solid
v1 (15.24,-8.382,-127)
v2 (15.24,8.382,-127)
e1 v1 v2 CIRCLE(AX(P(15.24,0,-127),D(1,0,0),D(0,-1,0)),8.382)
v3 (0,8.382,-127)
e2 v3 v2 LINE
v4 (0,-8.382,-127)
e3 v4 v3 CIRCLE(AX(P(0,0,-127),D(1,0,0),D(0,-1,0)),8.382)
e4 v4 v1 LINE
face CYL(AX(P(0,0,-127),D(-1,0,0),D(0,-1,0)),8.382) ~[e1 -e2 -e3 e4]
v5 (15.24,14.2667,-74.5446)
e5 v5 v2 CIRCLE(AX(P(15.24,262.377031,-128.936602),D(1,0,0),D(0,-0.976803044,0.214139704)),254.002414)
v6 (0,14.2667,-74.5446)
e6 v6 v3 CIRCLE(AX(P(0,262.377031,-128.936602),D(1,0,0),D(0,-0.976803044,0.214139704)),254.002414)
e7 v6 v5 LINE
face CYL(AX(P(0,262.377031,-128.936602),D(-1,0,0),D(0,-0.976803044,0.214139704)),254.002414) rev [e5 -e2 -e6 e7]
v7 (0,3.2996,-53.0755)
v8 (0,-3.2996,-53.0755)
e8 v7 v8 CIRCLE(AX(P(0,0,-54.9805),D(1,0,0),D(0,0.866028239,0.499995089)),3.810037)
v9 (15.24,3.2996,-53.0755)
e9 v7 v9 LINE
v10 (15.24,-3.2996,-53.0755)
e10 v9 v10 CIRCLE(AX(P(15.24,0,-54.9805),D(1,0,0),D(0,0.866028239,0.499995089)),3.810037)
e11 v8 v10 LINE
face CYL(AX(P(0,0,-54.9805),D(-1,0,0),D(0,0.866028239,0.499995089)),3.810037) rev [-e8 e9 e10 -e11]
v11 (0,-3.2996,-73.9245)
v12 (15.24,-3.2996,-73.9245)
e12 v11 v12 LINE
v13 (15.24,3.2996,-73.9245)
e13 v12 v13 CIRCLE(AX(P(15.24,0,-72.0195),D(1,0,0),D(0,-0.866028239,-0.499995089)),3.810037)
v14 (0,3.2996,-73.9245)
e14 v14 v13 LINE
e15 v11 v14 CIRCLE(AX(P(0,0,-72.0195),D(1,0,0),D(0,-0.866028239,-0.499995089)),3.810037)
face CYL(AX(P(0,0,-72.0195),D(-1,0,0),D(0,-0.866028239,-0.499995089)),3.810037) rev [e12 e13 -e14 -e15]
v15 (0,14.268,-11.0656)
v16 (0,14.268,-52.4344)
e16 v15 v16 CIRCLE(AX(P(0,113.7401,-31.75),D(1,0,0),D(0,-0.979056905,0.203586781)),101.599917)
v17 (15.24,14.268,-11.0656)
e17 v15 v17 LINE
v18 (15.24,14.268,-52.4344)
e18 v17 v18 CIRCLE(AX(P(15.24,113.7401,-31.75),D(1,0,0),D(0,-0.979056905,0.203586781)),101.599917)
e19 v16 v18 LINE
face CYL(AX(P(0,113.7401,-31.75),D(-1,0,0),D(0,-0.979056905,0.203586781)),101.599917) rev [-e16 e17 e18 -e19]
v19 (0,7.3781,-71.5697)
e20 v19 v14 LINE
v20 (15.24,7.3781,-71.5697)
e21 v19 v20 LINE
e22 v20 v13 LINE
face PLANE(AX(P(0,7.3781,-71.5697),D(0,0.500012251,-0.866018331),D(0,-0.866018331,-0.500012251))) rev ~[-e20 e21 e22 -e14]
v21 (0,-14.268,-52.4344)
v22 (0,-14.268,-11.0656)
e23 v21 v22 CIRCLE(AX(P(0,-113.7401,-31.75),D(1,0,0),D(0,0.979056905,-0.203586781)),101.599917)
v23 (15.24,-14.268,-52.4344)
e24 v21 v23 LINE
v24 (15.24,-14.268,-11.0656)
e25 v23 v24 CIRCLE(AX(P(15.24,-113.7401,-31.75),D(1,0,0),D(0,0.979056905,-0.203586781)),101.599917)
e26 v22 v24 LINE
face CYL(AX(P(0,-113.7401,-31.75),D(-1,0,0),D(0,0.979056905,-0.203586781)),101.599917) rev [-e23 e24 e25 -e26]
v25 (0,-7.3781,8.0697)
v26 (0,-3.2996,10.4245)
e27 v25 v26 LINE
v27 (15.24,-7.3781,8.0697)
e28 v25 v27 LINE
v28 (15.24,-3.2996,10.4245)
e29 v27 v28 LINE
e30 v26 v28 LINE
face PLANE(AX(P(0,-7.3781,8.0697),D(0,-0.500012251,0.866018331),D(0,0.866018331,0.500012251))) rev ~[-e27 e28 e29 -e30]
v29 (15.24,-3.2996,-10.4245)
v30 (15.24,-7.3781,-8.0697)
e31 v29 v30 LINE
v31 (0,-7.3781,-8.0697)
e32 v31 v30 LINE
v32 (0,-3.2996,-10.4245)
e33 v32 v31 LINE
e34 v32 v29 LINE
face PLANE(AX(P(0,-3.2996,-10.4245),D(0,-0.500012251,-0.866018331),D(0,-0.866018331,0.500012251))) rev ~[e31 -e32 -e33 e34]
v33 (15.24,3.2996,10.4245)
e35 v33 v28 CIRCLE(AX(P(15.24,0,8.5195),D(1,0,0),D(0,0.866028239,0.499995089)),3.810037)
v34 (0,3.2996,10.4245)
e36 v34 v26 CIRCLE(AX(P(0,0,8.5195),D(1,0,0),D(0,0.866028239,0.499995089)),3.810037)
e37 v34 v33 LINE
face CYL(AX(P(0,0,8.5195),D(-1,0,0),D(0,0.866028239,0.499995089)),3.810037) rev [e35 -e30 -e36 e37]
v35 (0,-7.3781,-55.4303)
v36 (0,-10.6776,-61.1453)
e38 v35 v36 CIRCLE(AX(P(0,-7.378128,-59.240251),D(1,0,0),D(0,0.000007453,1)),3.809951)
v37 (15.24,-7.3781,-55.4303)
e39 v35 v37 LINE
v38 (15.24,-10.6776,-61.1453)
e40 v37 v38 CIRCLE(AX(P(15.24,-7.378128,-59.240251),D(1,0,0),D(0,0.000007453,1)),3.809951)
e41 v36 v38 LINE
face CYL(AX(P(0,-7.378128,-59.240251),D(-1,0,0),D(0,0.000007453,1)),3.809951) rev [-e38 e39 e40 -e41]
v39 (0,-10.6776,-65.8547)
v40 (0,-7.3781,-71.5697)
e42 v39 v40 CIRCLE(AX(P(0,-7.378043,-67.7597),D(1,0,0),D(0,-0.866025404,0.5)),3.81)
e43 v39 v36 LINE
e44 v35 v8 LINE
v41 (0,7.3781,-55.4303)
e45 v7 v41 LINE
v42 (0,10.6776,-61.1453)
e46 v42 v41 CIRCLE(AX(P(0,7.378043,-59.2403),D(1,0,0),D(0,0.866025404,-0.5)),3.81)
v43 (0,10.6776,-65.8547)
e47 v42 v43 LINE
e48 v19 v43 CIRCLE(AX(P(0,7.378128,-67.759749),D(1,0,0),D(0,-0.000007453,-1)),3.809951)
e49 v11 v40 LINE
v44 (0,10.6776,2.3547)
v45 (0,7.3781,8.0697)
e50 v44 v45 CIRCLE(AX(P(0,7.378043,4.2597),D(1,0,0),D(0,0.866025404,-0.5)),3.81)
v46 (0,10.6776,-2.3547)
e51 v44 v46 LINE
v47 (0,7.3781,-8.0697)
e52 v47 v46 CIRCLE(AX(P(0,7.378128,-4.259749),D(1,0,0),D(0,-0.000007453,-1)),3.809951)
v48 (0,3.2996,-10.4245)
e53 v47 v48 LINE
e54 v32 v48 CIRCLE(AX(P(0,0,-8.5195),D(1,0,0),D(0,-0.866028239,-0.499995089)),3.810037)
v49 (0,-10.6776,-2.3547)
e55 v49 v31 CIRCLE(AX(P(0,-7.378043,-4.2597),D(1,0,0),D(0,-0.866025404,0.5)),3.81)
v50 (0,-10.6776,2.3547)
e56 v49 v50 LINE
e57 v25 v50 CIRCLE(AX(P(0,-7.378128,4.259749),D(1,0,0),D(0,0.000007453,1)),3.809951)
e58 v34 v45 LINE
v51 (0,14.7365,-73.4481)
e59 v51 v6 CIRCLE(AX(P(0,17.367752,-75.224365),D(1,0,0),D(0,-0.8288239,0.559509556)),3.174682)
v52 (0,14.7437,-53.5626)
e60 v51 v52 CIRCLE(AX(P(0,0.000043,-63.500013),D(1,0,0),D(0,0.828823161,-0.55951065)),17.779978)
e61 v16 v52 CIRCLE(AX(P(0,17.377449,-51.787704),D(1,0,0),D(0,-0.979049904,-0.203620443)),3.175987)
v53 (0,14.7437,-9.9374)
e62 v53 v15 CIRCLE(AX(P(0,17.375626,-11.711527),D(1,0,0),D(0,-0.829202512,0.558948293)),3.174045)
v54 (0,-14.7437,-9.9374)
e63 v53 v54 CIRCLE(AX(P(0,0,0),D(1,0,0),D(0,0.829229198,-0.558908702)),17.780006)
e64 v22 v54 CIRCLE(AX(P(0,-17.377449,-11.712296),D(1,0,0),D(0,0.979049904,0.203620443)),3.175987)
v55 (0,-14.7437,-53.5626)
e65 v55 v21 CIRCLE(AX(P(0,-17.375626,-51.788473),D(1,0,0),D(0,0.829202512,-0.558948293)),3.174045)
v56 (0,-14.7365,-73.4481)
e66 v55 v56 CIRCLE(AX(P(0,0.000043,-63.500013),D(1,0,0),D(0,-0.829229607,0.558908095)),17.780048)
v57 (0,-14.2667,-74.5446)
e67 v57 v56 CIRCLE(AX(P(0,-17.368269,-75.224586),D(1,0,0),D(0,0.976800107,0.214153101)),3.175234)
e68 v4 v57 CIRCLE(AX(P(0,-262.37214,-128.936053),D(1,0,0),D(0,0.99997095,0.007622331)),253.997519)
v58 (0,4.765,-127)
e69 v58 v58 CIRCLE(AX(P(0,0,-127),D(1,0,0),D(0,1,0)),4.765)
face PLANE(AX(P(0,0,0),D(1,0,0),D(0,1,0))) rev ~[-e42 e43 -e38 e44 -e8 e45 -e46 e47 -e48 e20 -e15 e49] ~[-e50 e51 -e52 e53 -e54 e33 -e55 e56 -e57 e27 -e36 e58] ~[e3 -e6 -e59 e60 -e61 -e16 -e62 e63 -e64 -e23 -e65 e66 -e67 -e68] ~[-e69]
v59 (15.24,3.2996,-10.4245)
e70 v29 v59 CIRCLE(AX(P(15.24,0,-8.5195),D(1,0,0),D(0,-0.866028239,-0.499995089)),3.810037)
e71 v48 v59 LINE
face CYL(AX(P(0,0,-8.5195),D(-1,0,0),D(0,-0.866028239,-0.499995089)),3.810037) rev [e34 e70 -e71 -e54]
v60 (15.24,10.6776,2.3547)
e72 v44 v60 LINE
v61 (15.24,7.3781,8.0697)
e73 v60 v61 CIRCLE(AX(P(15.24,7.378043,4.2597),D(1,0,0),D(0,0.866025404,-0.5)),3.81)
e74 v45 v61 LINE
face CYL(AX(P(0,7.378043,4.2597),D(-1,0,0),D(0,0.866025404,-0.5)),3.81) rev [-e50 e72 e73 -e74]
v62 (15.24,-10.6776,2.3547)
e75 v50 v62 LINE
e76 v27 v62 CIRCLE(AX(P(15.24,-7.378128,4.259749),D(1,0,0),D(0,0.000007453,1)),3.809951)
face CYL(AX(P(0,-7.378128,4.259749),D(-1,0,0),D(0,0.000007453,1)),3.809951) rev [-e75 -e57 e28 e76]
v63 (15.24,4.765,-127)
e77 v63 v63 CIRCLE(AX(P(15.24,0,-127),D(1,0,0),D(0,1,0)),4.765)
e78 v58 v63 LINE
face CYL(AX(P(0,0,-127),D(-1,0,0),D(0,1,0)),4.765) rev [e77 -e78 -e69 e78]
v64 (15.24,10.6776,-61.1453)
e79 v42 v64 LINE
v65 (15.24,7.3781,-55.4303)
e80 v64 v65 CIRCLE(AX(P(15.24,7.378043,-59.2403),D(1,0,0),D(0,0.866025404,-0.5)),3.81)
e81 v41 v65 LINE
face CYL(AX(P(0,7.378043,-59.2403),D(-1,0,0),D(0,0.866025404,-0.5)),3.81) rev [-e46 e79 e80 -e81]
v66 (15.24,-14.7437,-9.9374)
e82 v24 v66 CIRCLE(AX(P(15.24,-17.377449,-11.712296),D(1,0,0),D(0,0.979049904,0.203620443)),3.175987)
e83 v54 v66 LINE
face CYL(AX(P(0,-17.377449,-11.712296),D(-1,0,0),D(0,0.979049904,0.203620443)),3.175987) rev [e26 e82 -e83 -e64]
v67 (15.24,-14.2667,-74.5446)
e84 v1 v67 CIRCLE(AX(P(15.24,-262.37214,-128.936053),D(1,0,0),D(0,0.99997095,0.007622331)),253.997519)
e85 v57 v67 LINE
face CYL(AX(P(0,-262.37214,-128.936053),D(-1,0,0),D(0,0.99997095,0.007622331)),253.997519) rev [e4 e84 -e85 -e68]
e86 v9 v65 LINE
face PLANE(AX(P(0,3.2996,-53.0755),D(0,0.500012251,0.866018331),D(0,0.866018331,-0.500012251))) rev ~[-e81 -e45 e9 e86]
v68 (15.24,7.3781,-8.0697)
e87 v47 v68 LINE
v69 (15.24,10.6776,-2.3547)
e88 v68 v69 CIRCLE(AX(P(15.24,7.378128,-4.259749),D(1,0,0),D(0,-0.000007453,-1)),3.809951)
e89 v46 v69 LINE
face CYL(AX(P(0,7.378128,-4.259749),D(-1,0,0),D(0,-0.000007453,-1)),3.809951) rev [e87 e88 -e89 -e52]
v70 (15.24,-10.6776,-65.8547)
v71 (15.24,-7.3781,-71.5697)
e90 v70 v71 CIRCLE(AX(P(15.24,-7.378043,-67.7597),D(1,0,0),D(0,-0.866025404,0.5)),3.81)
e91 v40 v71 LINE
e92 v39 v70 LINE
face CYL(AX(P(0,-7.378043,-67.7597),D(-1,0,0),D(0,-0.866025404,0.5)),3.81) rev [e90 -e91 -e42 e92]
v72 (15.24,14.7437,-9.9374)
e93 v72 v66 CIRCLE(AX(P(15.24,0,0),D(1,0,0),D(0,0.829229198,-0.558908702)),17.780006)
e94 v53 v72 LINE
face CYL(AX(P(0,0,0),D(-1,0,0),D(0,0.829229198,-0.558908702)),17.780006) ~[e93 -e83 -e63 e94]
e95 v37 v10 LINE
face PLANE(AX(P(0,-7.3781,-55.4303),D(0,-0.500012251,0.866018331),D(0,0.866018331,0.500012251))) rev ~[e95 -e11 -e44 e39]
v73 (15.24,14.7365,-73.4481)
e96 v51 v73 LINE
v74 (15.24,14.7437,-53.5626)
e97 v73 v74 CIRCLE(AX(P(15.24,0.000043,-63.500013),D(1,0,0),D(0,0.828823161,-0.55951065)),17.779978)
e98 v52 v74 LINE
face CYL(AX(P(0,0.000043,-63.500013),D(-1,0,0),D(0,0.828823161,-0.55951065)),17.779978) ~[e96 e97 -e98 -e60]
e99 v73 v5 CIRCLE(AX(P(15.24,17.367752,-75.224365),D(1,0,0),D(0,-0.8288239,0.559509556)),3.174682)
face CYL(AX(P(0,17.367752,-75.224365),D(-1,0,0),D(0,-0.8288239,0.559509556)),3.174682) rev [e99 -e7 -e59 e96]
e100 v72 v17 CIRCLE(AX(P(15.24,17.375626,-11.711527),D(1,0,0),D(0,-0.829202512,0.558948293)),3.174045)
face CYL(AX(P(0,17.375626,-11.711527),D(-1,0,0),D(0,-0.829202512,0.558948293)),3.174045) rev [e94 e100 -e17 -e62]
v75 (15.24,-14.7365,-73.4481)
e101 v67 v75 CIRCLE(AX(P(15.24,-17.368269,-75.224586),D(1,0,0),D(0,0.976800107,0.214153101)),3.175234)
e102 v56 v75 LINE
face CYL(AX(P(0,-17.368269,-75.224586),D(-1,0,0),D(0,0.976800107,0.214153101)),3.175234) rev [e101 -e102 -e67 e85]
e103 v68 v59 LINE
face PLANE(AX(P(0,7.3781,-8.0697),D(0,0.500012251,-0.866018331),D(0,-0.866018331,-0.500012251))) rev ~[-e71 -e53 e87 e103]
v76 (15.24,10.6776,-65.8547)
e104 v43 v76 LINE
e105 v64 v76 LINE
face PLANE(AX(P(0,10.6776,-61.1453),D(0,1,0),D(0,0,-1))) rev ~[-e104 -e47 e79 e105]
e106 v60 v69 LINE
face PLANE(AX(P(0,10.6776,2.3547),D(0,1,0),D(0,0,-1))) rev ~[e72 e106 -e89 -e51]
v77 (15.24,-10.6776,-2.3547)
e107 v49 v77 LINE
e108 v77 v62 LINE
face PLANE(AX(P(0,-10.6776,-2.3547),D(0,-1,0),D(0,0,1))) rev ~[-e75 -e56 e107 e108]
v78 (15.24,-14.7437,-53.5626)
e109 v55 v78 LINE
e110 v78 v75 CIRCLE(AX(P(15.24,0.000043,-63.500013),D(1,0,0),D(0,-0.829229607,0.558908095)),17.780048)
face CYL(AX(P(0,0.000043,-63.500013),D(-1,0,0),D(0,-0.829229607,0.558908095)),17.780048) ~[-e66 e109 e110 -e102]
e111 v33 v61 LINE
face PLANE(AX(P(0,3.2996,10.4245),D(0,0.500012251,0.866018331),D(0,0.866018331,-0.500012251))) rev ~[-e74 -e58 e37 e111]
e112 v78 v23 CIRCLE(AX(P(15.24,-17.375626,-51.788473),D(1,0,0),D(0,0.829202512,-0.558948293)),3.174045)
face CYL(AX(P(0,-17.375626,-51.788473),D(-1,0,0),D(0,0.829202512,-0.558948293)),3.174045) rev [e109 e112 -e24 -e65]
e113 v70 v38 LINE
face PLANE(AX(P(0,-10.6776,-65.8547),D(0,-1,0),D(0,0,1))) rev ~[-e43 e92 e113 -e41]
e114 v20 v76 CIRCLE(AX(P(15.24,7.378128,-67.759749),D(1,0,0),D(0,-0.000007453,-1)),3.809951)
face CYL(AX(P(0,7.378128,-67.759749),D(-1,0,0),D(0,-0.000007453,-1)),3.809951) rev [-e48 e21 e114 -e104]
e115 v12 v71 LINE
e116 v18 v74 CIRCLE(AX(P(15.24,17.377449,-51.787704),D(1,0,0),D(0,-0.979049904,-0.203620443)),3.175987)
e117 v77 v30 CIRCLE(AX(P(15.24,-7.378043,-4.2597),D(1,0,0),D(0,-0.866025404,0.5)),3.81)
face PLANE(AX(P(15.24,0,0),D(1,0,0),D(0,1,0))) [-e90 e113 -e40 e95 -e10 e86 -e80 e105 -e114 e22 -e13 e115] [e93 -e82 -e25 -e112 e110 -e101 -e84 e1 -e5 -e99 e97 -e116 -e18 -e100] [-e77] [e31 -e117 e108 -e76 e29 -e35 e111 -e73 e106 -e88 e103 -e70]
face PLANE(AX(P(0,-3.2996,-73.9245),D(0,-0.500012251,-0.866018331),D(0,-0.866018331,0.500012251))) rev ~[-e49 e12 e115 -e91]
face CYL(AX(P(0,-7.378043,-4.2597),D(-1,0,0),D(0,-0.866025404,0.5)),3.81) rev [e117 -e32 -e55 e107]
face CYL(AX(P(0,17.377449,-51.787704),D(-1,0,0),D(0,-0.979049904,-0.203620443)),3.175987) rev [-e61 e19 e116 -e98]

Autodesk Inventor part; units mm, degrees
ref_plane "YZ Plane" through (0, 0, 0) normal (1, 0, 0) x (0, 1, 0)
ref_plane "XZ Plane" through (0, 0, 0) normal (0, 1, 0) x (-1, 0, 0)
ref_plane "XY Plane" through (0, 0, 0) normal (0, 0, 1) x (1, 0, 0)
sketch "Sketch1" plane through (0, 0, 0) normal (1, 0, 0) x (0, 1, 0)
  arc A0 (14.7437, -9.9374) -> (-14.7437, -9.9374) centre (0, 0) ccw
  arc A1 (-8.382, -127) -> (8.382, -127) centre (0, -127) ccw
  line L0 (-3.2996, -10.4245) -> (-7.3781, -8.0697)
  line L1 (-10.6776, -2.3547) -> (-10.6776, 2.3547)
  line L2 (-7.3781, 8.0697) -> (-3.2996, 10.4245)
  line L3 (3.2996, 10.4245) -> (7.3781, 8.0697)
  line L4 (10.6776, 2.3547) -> (10.6776, -2.3547)
  line L5 (7.3781, -8.0697) -> (3.2996, -10.4245)
  arc A2 (10.6776, 2.3547) -> (7.3781, 8.0697) centre (7.3781, 4.2597) ccw
  arc A3 (7.3781, -8.0697) -> (10.6776, -2.3547) centre (7.3781, -4.2597) ccw
  arc A4 (3.2996, 10.4245) -> (-3.2996, 10.4245) centre (0, 8.5195) ccw
  arc A5 (-7.3781, 8.0697) -> (-10.6776, 2.3547) centre (-7.3781, 4.2597) ccw
  arc A6 (-10.6776, -2.3547) -> (-7.3781, -8.0697) centre (-7.3781, -4.2597) ccw
  arc A7 (-3.2996, -10.4245) -> (3.2996, -10.4245) centre (0, -8.5195) ccw
  line L6 (-3.2996, -73.9245) -> (-7.3781, -71.5697)
  line L7 (-10.6776, -65.8547) -> (-10.6776, -61.1453)
  line L8 (-7.3781, -55.4303) -> (-3.2996, -53.0755)
  line L9 (3.2996, -53.0755) -> (7.3781, -55.4303)
  line L10 (10.6776, -61.1453) -> (10.6776, -65.8547)
  line L11 (7.3781, -71.5697) -> (3.2996, -73.9245)
  arc A8 (10.6776, -61.1453) -> (7.3781, -55.4303) centre (7.3781, -59.2403) ccw
  arc A9 (7.3781, -71.5697) -> (10.6776, -65.8547) centre (7.3781, -67.7597) ccw
  arc A10 (3.2996, -53.0755) -> (-3.2996, -53.0755) centre (0, -54.9805) ccw
  arc A11 (-7.3781, -55.4303) -> (-10.6776, -61.1453) centre (-7.3781, -59.2403) ccw
  arc A12 (-10.6776, -65.8547) -> (-7.3781, -71.5697) centre (-7.3781, -67.7597) ccw
  arc A13 (-3.2996, -73.9245) -> (3.2996, -73.9245) centre (0, -72.0195) ccw
  circle A14 centre (0, -127) radius 4.765
  arc A15 (14.268, -11.0656) -> (14.268, -52.4344) centre (113.7401, -31.75) ccw
  arc A16 (-14.268, -52.4344) -> (-14.268, -11.0656) centre (-113.7401, -31.75) ccw
  arc A17 (14.2667, -74.5446) -> (8.382, -127) centre (262.3746, -128.9362) ccw
  arc A18 (-8.382, -127) -> (-14.2667, -74.5446) centre (-262.3746, -128.9362) ccw
  arc A19 (14.7365, -73.4481) -> (14.7437, -53.5626) centre (0, -63.5) ccw
  arc A20 (-14.7437, -53.5626) -> (-14.7365, -73.4481) centre (0, -63.5) ccw
  arc A21 (14.7365, -73.4481) -> (14.2667, -74.5446) centre (17.368, -75.2245) ccw
  arc A22 (14.268, -52.4344) -> (14.7437, -53.5626) centre (17.3765, -51.788) ccw
  arc A23 (-14.7437, -53.5626) -> (-14.268, -52.4344) centre (-17.3765, -51.788) ccw
  arc A24 (-14.2667, -74.5446) -> (-14.7365, -73.4481) centre (-17.368, -75.2245) ccw
  arc A25 (-14.268, -11.0656) -> (-14.7437, -9.9374) centre (-17.3765, -11.712) ccw
  arc A26 (14.7437, -9.9374) -> (14.268, -11.0656) centre (17.3765, -11.712) ccw
  dimension "d0" = 35.56
  dimension "d21" = 16.764
  dimension "d34" = 9.5301
  dimension "d35" = 101.6
  dimension "d36" = 101.6
  dimension "d37" = 254
  dimension "d38" = 254
  dimension "d39" = 3.175
extrude "Extrusion1" add sketch "Sketch1" along normal blind 15.24
properties part number "Kevin_CAD_test"
